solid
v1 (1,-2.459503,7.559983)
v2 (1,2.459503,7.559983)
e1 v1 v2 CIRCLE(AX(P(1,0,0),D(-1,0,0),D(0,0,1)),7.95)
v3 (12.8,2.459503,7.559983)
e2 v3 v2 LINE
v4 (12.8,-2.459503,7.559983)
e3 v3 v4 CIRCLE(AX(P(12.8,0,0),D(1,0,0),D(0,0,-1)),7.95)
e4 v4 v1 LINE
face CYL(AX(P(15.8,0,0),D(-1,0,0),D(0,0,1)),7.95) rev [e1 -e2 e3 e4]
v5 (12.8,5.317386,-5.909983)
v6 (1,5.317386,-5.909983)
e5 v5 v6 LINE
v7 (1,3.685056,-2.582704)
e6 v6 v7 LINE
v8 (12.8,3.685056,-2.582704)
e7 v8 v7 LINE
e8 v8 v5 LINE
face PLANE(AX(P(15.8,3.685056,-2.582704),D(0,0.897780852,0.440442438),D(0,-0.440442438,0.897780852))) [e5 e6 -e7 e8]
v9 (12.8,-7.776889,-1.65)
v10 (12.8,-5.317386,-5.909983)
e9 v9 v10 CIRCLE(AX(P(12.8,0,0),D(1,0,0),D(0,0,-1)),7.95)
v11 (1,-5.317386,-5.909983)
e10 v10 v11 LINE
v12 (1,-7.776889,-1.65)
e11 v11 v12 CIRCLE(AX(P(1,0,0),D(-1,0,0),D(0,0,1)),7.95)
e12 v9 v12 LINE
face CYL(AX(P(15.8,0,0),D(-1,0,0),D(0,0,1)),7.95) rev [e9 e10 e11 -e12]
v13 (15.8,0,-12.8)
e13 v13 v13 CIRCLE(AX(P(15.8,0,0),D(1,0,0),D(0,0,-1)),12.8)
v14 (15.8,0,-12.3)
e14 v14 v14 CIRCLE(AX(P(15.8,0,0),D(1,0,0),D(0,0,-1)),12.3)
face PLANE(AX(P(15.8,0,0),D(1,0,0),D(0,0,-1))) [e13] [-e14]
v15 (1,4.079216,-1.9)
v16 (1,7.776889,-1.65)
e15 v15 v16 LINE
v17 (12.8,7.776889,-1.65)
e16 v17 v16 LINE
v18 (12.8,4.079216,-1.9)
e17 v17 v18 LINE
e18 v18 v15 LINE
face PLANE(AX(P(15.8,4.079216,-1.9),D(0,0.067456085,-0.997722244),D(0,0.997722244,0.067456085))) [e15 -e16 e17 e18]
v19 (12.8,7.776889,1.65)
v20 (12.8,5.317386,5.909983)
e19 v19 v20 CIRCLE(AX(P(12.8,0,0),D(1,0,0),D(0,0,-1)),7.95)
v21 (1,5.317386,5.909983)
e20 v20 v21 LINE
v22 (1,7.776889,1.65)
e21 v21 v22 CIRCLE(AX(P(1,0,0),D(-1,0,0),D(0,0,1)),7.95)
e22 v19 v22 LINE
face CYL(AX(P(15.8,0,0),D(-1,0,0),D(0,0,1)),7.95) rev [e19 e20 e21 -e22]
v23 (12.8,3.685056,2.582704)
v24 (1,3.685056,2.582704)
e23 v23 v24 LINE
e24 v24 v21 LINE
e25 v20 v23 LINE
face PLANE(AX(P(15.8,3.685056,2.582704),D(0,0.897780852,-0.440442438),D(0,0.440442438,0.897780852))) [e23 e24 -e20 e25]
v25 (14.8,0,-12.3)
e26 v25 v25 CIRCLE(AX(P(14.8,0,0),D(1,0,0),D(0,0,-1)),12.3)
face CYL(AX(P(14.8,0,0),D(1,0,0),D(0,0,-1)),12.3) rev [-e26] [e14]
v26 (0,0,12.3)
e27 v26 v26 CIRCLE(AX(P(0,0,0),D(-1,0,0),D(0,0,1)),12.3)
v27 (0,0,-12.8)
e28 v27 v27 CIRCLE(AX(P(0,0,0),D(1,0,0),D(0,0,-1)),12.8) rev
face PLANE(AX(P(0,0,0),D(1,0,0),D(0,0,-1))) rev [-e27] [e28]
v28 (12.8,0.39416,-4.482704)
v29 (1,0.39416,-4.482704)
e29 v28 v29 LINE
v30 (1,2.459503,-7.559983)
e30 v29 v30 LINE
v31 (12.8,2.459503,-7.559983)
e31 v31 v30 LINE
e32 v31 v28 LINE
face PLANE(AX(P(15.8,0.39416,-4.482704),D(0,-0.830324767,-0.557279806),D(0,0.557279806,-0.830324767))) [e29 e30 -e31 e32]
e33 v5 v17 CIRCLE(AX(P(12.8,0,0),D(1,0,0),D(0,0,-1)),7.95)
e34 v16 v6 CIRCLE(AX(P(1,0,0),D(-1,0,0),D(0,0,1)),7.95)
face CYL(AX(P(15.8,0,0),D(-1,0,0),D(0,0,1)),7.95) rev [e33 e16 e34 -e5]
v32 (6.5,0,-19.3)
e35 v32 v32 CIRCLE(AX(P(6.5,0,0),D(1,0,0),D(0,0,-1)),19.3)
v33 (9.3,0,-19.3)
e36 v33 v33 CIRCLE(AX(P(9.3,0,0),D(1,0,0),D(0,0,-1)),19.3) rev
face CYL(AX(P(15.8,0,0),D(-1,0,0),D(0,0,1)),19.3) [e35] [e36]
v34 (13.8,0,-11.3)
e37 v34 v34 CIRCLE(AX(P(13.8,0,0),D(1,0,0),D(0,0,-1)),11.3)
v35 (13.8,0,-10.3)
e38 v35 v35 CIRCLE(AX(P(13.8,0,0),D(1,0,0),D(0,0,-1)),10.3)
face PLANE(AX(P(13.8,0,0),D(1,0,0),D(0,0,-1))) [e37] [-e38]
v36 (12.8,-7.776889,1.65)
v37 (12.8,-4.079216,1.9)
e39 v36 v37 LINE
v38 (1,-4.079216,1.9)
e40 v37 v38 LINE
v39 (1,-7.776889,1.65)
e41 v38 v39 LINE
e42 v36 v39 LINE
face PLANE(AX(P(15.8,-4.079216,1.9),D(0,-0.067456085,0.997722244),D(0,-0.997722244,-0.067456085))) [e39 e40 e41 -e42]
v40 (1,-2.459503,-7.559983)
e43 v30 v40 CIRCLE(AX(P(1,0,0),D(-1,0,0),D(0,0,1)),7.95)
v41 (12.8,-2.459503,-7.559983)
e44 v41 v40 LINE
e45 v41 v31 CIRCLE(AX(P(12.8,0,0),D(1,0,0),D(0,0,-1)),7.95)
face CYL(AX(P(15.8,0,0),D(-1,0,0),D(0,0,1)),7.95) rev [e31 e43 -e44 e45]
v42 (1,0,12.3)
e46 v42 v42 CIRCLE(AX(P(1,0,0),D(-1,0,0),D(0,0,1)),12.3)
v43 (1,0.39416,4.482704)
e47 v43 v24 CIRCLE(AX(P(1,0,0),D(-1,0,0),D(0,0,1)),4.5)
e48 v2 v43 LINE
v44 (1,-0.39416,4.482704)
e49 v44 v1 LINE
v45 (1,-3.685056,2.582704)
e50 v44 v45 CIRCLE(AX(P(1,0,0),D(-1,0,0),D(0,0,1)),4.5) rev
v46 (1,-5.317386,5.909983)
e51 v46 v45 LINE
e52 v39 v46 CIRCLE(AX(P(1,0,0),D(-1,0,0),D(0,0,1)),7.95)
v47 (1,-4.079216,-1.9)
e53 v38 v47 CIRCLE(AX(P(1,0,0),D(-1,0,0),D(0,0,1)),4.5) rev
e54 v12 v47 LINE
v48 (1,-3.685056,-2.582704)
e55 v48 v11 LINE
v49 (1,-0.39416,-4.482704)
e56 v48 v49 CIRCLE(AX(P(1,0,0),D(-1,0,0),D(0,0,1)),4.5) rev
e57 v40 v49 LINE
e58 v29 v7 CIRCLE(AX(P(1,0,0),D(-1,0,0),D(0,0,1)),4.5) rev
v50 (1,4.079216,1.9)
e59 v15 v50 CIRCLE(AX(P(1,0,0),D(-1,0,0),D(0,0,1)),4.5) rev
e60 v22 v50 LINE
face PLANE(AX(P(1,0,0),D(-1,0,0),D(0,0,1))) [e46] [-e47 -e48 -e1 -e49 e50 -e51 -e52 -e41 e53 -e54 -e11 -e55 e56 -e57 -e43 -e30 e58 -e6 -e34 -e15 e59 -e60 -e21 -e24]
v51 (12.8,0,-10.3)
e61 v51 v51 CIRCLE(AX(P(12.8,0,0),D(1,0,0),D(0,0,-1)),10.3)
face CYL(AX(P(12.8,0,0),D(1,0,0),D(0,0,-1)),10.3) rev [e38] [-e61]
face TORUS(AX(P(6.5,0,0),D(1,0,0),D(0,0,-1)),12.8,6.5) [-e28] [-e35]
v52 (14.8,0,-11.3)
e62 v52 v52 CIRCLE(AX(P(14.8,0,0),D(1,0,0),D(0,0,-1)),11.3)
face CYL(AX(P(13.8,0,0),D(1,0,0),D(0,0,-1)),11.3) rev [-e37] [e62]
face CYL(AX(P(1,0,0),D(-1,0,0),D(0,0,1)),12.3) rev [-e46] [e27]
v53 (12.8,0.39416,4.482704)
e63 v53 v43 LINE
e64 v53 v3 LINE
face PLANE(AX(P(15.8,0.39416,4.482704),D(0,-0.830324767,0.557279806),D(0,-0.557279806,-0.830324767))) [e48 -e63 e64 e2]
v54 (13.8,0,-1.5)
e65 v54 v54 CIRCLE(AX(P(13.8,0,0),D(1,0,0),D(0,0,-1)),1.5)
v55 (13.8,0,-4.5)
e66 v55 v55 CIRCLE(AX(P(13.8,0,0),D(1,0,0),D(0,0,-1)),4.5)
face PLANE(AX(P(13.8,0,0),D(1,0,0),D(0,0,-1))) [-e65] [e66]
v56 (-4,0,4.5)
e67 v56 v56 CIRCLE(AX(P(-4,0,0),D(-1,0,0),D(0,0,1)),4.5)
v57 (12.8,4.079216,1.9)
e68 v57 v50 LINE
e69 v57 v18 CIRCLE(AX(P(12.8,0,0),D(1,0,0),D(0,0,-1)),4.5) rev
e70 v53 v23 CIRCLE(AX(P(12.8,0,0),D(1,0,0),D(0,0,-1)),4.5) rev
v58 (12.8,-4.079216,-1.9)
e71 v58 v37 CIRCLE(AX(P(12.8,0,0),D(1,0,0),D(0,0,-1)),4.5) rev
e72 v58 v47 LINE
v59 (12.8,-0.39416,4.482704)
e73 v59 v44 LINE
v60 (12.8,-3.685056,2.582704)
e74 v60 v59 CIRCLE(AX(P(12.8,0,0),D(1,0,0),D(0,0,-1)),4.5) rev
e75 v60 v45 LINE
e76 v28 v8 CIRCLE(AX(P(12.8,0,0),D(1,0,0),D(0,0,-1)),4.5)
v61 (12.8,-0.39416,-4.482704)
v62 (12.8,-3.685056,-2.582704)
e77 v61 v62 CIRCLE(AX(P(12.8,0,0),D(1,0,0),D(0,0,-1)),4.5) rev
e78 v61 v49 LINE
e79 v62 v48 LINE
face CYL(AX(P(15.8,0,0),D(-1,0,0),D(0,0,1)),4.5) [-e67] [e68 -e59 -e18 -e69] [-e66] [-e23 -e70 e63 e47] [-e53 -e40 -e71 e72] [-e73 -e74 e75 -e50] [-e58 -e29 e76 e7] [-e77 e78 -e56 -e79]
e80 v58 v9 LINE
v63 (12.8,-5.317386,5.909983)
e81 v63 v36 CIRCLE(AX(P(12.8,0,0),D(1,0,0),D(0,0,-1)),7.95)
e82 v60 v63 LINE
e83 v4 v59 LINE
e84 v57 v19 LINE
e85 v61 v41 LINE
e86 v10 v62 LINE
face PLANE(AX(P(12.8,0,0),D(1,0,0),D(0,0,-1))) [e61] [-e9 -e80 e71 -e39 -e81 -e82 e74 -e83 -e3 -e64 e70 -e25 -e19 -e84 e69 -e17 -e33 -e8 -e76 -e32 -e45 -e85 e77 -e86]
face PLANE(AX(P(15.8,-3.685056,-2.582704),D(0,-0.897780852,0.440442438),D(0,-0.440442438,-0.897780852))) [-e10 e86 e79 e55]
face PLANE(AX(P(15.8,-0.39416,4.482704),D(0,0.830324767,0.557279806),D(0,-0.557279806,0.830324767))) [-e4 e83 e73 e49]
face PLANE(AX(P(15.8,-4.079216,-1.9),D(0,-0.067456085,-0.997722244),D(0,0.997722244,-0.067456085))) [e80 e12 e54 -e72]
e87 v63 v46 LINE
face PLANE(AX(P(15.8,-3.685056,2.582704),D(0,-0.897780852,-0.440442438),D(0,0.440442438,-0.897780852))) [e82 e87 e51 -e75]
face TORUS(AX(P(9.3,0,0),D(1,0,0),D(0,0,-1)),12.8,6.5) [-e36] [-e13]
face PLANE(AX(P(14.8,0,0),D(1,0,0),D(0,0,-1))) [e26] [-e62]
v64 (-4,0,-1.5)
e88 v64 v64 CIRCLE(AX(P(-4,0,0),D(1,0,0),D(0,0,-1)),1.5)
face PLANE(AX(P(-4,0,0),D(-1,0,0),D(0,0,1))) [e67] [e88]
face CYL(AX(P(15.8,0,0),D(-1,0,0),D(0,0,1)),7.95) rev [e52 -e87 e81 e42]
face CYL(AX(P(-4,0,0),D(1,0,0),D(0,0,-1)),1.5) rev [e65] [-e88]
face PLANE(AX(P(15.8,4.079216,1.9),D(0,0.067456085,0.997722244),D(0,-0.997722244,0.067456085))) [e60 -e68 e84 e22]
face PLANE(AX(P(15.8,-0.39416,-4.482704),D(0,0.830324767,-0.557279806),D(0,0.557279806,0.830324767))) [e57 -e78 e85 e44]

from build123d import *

# Parameters (mm, degrees)
ESQUISSE1_R             = 19.3
EXTRUSION1_DEPTH        = 15.8
ESQUISSE2_R             = 12.3
ENL_V_MAT_EXTRU_1_DEPTH = 1
ESQUISSE3_R             = 11.3
ENL_V_MAT_EXTRU_2_DEPTH = 1
ESQUISSE4_R             = 10.3
ENL_V_MAT_EXTRU_3_DEPTH = 1
ESQUISSE6_R             = 12.3
ENL_V_MAT_EXTRU_4_DEPTH = 1
ESQUISSE7_R             = 4.5
EXTRUSION3_DEPTH        = 5
ESQUISSE8_R             = 4.5
EXTRUSION4_DEPTH        = 1
ESQUISSE9_R             = 1.5
ENL_V_MAT_EXTRU_5_DEPTH = 18.8
CONG_1_R                = 6.5


with BuildPart() as part:
    # Esquisse1 → Extrusion1 (new body)
    with BuildSketch(Plane(origin=(0, 0, 0), x_dir=(0, 0, -1), z_dir=(1, 0, 0))):
        Circle(ESQUISSE1_R)
        with BuildLine():
            Line((1.9, 4.079215611), (1.65, 7.776888838))
            ThreePointArc((1.65, 7.776888838), (3.975, 6.88490196), (5.909983296, 5.317386335))
            Line((5.909983296, 5.317386335), (2.582704347, 3.685056073))
            ThreePointArc((2.582704347, 3.685056073), (2.25, 3.897114317), (1.9, 4.079215611))
        make_face(mode=Mode.SUBTRACT)
        with BuildLine():
            Line((-1.9, 4.079215611), (-1.65, 7.776888838))
            ThreePointArc((-1.65, 7.776888838), (-3.975, 6.88490196), (-5.909983296, 5.317386335))
            Line((-5.909983296, 5.317386335), (-2.582704347, 3.685056073))
            ThreePointArc((-2.582704347, 3.685056073), (-2.25, 3.897114317), (-1.9, 4.079215611))
        make_face(mode=Mode.SUBTRACT)
        with BuildLine():
            Line((4.482704347, 0.394159538), (7.559983296, 2.459502503))
            ThreePointArc((7.559983296, 2.459502503), (7.95, 0), (7.559983296, -2.459502503))
            Line((7.559983296, -2.459502503), (4.482704347, -0.394159538))
            ThreePointArc((4.482704347, -0.394159538), (4.5, 0), (4.482704347, 0.394159538))
        make_face(mode=Mode.SUBTRACT)
        with BuildLine():
            Line((2.582704347, -3.685056073), (5.909983296, -5.317386335))
            ThreePointArc((5.909983296, -5.317386335), (3.975, -6.88490196), (1.65, -7.776888838))
            Line((1.65, -7.776888838), (1.9, -4.079215611))
            ThreePointArc((1.9, -4.079215611), (2.25, -3.897114317), (2.582704347, -3.685056073))
        make_face(mode=Mode.SUBTRACT)
        with BuildLine():
            Line((-1.9, -4.079215611), (-1.65, -7.776888838))
            ThreePointArc((-1.65, -7.776888838), (-3.975, -6.88490196), (-5.909983296, -5.317386335))
            Line((-5.909983296, -5.317386335), (-2.582704347, -3.685056073))
            ThreePointArc((-2.582704347, -3.685056073), (-2.25, -3.897114317), (-1.9, -4.079215611))
        make_face(mode=Mode.SUBTRACT)
        with BuildLine():
            Line((-4.482704347, -0.394159538), (-7.559983296, -2.459502503))
            ThreePointArc((-7.559983296, -2.459502503), (-7.95, 0), (-7.559983296, 2.459502503))
            Line((-7.559983296, 2.459502503), (-4.482704347, 0.394159538))
            ThreePointArc((-4.482704347, 0.394159538), (-4.5, 0), (-4.482704347, -0.394159538))
        make_face(mode=Mode.SUBTRACT)
    extrude(amount=EXTRUSION1_DEPTH)

    # Esquisse2 → Enlèv. mat.-Extru.1 (cut)
    with BuildSketch(Plane(origin=(15.8, 0, 0), x_dir=(0, 0, -1), z_dir=(1, 0, 0))):
        Circle(ESQUISSE2_R)
    extrude(amount=-ENL_V_MAT_EXTRU_1_DEPTH, mode=Mode.SUBTRACT)

    # Esquisse3 → Enlèv. mat.-Extru.2 (cut)
    with BuildSketch(Plane(origin=(14.8, 0, 0), x_dir=(0, 0, -1), z_dir=(1, 0, 0))):
        Circle(ESQUISSE3_R)
    extrude(amount=-ENL_V_MAT_EXTRU_2_DEPTH, mode=Mode.SUBTRACT)

    # Esquisse4 → Enlèv. mat.-Extru.3 (cut)
    with BuildSketch(Plane(origin=(13.8, 0, 0), x_dir=(0, 0, -1), z_dir=(1, 0, 0))):
        Circle(ESQUISSE4_R)
    extrude(amount=-ENL_V_MAT_EXTRU_3_DEPTH, mode=Mode.SUBTRACT)

    # Esquisse6 → Enlèv. mat.-Extru.4 (cut)
    with BuildSketch(Plane.ZY):
        Circle(ESQUISSE6_R)
    extrude(amount=-ENL_V_MAT_EXTRU_4_DEPTH, mode=Mode.SUBTRACT)

    # Esquisse7 → Extrusion3 (add)
    with BuildSketch(Plane.ZY.offset(-1)):
        Circle(ESQUISSE7_R)
    extrude(amount=EXTRUSION3_DEPTH)

    # Esquisse8 → Extrusion4 (add)
    with BuildSketch(Plane(origin=(12.8, 0, 0), x_dir=(0, 0, -1), z_dir=(1, 0, 0))):
        Circle(ESQUISSE8_R)
    extrude(amount=EXTRUSION4_DEPTH)

    # Esquisse9 → Enlèv. mat.-Extru.5 (cut, through all)
    with BuildSketch(Plane(origin=(13.8, 0, 0), x_dir=(0, 0, -1), z_dir=(1, 0, 0))):
        Circle(ESQUISSE9_R)
    extrude(amount=-ENL_V_MAT_EXTRU_5_DEPTH, mode=Mode.SUBTRACT)

    # Congé1
    cong_1_edges = [part.edges().sort_by_distance(p)[0] for p in [
        (0, 0, 19.3),
        (15.8, 0, 19.3),
    ]]
    fillet(cong_1_edges, radius=CONG_1_R)


solid = part.part
